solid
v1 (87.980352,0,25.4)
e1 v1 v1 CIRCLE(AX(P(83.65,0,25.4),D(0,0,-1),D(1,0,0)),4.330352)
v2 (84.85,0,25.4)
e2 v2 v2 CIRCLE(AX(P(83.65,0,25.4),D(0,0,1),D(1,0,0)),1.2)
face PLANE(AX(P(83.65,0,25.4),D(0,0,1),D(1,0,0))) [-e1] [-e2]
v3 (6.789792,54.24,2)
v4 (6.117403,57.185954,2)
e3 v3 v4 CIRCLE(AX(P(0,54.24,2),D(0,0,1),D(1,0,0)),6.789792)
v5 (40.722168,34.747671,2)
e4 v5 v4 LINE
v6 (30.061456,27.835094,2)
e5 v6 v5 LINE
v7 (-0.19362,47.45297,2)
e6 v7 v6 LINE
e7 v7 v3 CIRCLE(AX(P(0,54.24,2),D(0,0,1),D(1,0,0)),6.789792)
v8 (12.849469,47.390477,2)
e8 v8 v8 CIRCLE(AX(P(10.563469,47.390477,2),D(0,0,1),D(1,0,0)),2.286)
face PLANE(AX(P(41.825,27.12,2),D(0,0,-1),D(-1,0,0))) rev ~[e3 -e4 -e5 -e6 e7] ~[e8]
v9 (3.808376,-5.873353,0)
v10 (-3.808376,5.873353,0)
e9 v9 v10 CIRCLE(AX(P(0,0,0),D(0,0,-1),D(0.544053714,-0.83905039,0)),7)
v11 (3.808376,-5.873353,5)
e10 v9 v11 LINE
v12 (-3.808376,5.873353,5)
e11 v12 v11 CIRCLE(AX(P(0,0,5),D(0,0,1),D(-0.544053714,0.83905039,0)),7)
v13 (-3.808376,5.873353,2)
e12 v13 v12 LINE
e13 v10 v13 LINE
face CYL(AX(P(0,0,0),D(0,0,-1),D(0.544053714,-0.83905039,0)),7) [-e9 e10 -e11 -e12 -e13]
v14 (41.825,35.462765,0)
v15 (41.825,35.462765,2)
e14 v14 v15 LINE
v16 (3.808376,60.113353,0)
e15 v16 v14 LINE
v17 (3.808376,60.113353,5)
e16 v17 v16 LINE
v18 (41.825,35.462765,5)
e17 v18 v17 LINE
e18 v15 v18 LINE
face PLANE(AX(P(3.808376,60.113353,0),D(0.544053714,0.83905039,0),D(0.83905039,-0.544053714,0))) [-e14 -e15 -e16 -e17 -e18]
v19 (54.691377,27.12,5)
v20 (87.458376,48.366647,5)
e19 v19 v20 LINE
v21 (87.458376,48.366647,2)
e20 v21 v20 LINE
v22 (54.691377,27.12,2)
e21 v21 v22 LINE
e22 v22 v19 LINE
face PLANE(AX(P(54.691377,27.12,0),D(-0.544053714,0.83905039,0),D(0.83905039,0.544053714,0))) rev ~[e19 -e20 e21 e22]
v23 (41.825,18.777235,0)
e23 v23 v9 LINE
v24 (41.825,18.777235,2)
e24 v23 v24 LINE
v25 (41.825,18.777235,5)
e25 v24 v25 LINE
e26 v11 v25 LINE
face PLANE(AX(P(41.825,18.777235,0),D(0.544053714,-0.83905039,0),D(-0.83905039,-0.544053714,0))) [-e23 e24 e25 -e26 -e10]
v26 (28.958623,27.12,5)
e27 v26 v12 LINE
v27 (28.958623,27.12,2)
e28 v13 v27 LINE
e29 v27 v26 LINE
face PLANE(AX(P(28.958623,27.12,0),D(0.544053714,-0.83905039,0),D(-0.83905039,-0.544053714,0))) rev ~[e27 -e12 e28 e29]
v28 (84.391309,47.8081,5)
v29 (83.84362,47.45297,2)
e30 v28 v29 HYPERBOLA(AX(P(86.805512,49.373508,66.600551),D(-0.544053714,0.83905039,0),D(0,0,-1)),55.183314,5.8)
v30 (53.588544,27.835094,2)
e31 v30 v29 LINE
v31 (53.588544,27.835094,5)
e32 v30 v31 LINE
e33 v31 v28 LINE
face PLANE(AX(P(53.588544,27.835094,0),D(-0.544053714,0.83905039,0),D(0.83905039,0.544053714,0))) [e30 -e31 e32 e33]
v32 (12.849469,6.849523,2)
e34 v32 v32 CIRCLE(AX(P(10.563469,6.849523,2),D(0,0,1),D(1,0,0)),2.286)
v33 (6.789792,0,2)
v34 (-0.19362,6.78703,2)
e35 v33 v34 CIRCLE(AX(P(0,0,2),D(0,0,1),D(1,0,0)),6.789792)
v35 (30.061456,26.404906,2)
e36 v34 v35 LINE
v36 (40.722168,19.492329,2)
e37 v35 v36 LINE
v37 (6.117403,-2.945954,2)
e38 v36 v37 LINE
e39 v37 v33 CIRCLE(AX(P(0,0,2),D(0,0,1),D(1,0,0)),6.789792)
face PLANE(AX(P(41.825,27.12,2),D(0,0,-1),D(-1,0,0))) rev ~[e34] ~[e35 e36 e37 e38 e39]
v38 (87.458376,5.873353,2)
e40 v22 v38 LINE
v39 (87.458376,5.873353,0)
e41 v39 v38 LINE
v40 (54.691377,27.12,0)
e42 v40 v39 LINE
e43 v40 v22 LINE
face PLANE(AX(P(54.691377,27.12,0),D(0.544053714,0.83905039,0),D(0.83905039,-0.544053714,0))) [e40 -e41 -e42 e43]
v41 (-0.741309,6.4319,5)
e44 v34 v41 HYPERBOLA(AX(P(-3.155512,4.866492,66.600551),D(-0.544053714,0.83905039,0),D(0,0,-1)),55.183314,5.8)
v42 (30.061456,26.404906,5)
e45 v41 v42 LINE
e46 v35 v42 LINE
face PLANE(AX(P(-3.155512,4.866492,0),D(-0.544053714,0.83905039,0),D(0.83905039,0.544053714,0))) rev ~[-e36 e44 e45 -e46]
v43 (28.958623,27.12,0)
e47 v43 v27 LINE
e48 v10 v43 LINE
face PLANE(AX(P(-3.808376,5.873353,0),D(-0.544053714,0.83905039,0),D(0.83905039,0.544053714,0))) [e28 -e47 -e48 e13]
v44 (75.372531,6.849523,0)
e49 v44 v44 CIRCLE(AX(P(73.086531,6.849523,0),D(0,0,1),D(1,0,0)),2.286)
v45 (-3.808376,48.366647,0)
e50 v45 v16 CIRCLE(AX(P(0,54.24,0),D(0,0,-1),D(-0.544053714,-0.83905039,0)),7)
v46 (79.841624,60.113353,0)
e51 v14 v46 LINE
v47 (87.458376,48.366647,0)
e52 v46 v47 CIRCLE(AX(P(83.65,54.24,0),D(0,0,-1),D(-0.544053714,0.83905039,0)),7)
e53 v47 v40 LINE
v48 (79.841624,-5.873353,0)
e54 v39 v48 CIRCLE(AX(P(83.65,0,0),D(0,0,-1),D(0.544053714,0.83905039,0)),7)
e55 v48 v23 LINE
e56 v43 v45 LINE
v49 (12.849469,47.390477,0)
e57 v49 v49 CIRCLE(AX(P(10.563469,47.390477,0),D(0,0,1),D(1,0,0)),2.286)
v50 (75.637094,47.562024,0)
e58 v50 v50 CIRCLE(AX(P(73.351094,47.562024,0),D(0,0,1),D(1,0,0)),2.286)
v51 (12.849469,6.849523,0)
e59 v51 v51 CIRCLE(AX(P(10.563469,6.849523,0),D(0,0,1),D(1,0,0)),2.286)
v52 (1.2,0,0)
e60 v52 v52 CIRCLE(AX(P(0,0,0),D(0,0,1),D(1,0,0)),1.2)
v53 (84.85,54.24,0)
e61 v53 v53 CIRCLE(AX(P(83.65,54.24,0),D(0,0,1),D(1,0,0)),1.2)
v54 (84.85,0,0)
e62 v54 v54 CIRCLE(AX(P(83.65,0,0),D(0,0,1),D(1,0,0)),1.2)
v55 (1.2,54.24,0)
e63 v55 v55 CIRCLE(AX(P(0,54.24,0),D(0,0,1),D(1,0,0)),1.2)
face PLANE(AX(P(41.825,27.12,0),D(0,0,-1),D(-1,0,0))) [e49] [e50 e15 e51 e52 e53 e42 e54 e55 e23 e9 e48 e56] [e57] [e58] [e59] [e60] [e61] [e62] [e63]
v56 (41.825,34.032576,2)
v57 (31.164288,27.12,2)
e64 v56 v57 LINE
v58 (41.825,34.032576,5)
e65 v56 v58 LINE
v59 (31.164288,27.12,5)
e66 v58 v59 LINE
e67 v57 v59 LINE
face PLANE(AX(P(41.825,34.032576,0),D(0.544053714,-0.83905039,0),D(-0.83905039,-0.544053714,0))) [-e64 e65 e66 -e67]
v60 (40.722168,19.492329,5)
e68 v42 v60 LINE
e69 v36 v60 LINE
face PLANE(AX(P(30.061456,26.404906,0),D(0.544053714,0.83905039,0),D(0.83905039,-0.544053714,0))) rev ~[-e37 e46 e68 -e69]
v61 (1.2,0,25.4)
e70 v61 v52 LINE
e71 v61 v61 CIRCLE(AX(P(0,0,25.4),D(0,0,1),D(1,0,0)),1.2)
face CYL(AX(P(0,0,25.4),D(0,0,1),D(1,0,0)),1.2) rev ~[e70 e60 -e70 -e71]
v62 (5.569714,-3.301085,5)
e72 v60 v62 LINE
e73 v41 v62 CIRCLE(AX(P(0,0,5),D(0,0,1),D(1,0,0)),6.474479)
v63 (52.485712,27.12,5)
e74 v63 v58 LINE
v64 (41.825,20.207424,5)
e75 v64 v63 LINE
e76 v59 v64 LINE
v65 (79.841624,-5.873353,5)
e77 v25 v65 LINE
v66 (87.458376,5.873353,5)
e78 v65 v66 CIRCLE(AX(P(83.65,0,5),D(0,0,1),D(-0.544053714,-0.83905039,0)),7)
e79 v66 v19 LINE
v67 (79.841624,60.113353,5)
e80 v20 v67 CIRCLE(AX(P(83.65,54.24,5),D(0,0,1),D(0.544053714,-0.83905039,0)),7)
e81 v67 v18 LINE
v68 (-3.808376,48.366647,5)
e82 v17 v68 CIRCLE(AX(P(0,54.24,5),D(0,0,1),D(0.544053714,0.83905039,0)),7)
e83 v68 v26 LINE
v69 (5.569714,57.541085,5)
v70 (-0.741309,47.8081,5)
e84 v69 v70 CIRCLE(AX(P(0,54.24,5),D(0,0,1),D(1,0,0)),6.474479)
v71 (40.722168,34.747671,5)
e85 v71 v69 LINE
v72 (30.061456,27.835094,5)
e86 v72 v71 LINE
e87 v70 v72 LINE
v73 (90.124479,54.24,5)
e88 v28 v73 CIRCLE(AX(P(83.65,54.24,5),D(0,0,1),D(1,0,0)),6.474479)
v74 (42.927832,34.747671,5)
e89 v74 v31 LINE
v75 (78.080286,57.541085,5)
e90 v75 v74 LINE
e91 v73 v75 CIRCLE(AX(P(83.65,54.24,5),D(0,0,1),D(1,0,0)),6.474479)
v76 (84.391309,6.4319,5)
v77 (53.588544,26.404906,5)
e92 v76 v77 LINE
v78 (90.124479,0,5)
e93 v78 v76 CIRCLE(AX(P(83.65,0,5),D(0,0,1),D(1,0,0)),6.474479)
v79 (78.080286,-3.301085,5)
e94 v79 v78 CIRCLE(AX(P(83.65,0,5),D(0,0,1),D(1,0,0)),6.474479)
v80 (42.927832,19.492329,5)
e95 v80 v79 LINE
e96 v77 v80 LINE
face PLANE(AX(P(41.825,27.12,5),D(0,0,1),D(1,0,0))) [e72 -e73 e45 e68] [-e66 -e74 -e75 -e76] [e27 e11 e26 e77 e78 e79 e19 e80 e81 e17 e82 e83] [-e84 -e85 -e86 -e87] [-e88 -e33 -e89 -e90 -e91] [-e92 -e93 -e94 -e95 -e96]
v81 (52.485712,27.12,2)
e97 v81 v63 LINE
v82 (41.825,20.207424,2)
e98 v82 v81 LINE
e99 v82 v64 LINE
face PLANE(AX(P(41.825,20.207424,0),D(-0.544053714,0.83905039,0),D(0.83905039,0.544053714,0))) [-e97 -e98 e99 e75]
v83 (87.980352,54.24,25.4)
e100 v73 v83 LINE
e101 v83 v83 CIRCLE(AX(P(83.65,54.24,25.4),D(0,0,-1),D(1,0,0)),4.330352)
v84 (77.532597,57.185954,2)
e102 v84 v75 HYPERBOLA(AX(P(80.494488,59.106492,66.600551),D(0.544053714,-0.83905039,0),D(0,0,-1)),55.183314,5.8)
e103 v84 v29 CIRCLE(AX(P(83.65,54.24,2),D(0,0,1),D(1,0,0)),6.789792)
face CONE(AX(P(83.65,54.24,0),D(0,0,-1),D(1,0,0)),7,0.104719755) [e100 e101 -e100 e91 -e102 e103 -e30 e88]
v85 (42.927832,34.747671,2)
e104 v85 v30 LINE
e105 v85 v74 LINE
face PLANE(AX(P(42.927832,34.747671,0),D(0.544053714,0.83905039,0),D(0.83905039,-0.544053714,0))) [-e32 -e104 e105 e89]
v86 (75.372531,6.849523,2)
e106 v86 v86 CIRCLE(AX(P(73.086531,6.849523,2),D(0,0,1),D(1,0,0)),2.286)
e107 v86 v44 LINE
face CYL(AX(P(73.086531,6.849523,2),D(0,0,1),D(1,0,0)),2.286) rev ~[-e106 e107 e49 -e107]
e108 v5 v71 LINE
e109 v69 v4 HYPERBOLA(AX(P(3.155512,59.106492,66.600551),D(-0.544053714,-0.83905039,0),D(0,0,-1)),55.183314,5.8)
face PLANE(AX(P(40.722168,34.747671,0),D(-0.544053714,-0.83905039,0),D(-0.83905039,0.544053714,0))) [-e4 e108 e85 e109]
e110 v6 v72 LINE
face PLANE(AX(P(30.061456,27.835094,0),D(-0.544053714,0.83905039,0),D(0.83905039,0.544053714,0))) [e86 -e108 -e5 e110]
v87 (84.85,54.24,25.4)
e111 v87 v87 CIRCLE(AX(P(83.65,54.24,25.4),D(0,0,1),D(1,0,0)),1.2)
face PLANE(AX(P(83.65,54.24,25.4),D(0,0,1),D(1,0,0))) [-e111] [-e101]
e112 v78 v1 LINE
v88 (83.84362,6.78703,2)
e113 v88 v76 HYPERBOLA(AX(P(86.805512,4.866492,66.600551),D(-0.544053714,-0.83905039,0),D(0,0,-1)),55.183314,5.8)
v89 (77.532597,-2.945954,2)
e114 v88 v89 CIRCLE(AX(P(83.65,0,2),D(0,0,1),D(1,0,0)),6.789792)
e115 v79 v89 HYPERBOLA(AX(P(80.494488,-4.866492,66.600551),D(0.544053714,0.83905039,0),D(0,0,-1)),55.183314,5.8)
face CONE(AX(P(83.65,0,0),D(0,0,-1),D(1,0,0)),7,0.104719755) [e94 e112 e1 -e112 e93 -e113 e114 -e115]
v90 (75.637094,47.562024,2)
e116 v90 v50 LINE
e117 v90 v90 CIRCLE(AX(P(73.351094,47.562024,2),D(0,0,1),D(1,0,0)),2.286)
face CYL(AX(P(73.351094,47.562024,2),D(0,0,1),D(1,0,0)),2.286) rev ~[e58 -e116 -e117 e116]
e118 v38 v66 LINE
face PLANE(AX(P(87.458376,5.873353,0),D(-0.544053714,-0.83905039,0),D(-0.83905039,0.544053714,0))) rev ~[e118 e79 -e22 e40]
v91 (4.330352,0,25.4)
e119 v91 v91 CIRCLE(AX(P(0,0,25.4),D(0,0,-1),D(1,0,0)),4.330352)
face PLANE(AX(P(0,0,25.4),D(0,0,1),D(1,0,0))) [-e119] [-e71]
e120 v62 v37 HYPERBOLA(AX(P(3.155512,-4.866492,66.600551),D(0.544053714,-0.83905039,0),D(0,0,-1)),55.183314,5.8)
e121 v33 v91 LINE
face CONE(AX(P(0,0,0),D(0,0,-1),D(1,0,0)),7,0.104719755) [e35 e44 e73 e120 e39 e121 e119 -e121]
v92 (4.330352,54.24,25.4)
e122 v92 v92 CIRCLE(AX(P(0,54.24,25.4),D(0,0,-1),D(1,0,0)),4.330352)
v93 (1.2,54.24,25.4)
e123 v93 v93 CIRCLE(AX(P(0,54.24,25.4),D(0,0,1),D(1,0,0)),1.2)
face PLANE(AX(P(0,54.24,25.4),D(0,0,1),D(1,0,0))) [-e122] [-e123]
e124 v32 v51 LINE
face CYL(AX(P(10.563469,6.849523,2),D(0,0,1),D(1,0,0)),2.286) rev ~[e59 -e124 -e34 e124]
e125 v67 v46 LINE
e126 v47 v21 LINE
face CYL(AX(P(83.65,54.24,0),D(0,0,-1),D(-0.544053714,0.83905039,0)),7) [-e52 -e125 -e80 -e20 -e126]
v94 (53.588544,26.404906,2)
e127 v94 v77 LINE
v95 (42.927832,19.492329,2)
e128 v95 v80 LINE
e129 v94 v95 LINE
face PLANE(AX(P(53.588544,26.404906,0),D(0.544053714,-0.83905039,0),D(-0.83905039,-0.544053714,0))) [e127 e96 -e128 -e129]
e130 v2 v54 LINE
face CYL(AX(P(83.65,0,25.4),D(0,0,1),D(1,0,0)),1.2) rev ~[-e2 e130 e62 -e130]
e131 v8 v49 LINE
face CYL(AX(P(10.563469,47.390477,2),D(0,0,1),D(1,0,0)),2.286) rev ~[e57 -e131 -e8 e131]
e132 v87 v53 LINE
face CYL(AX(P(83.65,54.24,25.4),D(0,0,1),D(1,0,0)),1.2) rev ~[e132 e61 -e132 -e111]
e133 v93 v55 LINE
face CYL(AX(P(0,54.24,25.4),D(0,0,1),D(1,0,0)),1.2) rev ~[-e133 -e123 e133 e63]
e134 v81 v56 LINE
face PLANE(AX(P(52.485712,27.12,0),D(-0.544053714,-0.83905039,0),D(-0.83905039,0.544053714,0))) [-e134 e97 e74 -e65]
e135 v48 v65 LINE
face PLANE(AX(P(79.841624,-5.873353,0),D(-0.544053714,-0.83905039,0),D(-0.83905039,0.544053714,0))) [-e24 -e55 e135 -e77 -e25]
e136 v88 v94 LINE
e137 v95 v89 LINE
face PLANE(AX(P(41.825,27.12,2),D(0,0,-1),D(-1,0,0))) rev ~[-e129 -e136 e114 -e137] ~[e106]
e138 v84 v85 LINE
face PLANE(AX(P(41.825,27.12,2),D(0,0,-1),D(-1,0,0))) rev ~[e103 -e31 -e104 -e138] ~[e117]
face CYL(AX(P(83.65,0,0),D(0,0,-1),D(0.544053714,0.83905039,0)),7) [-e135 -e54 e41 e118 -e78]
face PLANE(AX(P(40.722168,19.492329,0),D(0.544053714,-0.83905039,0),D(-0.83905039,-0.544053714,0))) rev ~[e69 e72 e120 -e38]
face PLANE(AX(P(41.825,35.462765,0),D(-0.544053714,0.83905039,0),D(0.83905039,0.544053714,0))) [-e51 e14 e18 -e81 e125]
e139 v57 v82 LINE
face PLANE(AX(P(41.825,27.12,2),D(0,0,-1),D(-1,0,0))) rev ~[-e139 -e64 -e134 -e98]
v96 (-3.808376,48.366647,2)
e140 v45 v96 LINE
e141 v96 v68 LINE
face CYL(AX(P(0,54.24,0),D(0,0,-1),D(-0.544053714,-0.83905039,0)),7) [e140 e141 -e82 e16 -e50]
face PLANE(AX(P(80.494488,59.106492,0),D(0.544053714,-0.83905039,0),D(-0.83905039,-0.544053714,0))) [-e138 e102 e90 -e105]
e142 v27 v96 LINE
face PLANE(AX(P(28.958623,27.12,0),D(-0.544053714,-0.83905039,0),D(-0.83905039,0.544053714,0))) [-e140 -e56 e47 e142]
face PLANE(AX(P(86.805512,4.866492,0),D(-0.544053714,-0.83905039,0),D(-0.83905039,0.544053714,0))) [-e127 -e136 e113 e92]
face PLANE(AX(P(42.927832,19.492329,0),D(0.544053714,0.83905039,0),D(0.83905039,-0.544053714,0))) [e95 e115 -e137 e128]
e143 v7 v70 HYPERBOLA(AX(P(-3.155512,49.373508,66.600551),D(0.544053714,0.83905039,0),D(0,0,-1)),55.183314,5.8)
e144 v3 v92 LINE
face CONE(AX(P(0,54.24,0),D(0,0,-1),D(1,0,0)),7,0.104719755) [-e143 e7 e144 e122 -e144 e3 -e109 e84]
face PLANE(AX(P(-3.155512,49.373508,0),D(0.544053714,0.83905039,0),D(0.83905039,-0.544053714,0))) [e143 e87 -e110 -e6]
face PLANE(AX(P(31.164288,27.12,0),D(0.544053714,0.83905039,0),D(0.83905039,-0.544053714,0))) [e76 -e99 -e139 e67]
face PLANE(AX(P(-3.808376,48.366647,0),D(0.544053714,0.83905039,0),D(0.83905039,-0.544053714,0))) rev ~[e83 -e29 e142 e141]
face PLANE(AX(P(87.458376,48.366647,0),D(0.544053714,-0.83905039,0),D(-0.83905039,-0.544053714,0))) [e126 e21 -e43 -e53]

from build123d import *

# Parameters (mm, degrees)
BASE_DEPTH            = 2
SKETCH3_R             = 7
MOUNTING_BOSSES_DEPTH = 25.4
MOUNTING_BOSSES_TAPER = 6
RIBW_DEPTH            = 5
SKETCH6_R             = 2.286
MOUNTING_HOLES_DEPTH  = 3
SKETCH7_R             = 1.2
SCREW_HOLES_DEPTH     = 26.4


with BuildPart() as part:
    # Sketch2 → Base (new body)
    with BuildSketch(Plane.XY):
        with BuildLine():
            Line((3.808375995, 60.113352729), (87.458375995, 5.873352729))
            ThreePointArc((87.458375995, 5.873352729), (89.523352729, -3.808375995), (79.841624005, -5.873352729))
            Line((79.841624005, -5.873352729), (-3.808375995, 48.366647271))
            ThreePointArc((-3.808375995, 48.366647271), (-5.873352729, 58.048375995), (3.808375995, 60.113352729))
        make_face()
        with BuildLine():
            Line((87.458375995, 48.366647271), (3.808375995, -5.873352729))
            ThreePointArc((3.808375995, -5.873352729), (-5.873352729, -3.808375995), (-3.808375995, 5.873352729))
            Line((-3.808375995, 5.873352729), (79.841624005, 60.113352729))
            ThreePointArc((79.841624005, 60.113352729), (89.523352729, 58.048375995), (87.458375995, 48.366647271))
        make_face()
    extrude(amount=BASE_DEPTH)

    # Sketch3 → Mounting Bosses (add)
    with BuildSketch(Plane.XY):
        with Locations((0, 54.24)):
            Circle(SKETCH3_R)
        Circle(SKETCH3_R)
        with Locations((83.65, 0)):
            Circle(SKETCH3_R)
        with Locations((83.65, 54.24)):
            Circle(SKETCH3_R)
    extrude(amount=MOUNTING_BOSSES_DEPTH, taper=MOUNTING_BOSSES_TAPER)

    # Sketch5 → Ribw (add)
    with BuildSketch(Plane.XY):
        with BuildLine():
            Line((79.841624005, 60.113352729), (41.825, 35.462764731))
            Line((41.825, 35.462764731), (3.808375995, 60.113352729))
            ThreePointArc((3.808375995, 60.113352729), (-5.873352729, 58.048375995), (-3.808375995, 48.366647271))
            Line((-3.808375995, 48.366647271), (28.958623345, 27.12))
            Line((28.958623345, 27.12), (-3.808375995, 5.873352729))
            ThreePointArc((-3.808375995, 5.873352729), (-5.873352729, -3.808375995), (3.808375995, -5.873352729))
            Line((3.808375995, -5.873352729), (41.825, 18.777235269))
            Line((41.825, 18.777235269), (79.841624005, -5.873352729))
            ThreePointArc((79.841624005, -5.873352729), (89.523352729, -3.808375995), (87.458375995, 5.873352729))
            Line((87.458375995, 5.873352729), (54.691376655, 27.12))
            Line((54.691376655, 27.12), (87.458375995, 48.366647271))
            ThreePointArc((87.458375995, 48.366647271), (89.523352729, 58.048375995), (79.841624005, 60.113352729))
        make_face()
        with BuildLine():
            Line((80.494488461, 59.106492261), (42.927832285, 34.747670611))
            Line((42.927832285, 34.747670611), (53.58854437, 27.83509412))
            Line((53.58854437, 27.83509412), (86.805511539, 49.373507739))
            ThreePointArc((86.805511539, 49.373507739), (88.516492261, 57.395511539), (80.494488461, 59.106492261))
        make_face(mode=Mode.SUBTRACT)
        with BuildLine():
            Line((-3.155511539, 49.373507739), (30.06145563, 27.83509412))
            Line((30.06145563, 27.83509412), (40.722167715, 34.747670611))
            Line((40.722167715, 34.747670611), (3.155511539, 59.106492261))
            ThreePointArc((3.155511539, 59.106492261), (-4.866492261, 57.395511539), (-3.155511539, 49.373507739))
        make_face(mode=Mode.SUBTRACT)
        with BuildLine():
            Line((30.06145563, 26.40490588), (40.722167715, 19.492329389))
            Line((40.722167715, 19.492329389), (3.155511539, -4.866492261))
            ThreePointArc((3.155511539, -4.866492261), (-4.866492261, -3.155511539), (-3.155511539, 4.866492261))
            Line((-3.155511539, 4.866492261), (30.06145563, 26.40490588))
        make_face(mode=Mode.SUBTRACT)
        Polygon((31.164287915, 27.12), (41.825, 20.207423508), (52.485712085, 27.12), (41.825, 34.032576492), align=None, mode=Mode.SUBTRACT)
        with BuildLine():
            Line((42.927832285, 19.492329389), (80.494488461, -4.866492261))
            ThreePointArc((80.494488461, -4.866492261), (88.516492261, -3.155511539), (86.805511539, 4.866492261))
            Line((86.805511539, 4.866492261), (53.58854437, 26.40490588))
            Line((53.58854437, 26.40490588), (42.927832285, 19.492329389))
        make_face(mode=Mode.SUBTRACT)
    extrude(amount=RIBW_DEPTH)

    # Sketch6 → Mounting Holes (cut, through all)
    with BuildSketch(Plane.XY.offset(2)):
        with Locations((10.563469491, 6.849522835)):
            Circle(SKETCH6_R)
        with Locations((10.563469491, 47.390477165)):
            Circle(SKETCH6_R)
        with Locations((73.351093758, 47.562024213)):
            Circle(SKETCH6_R)
        with Locations((73.086530509, 6.849522835)):
            Circle(SKETCH6_R)
    extrude(amount=-MOUNTING_HOLES_DEPTH, mode=Mode.SUBTRACT)

    # Sketch7 → Screw Holes (cut, through all)
    with BuildSketch(Plane.XY.offset(25.4)):
        Circle(SKETCH7_R)
        with Locations((0, 54.24)):
            Circle(SKETCH7_R)
        with Locations((83.65, 54.24)):
            Circle(SKETCH7_R)
        with Locations((83.65, 0)):
            Circle(SKETCH7_R)
    extrude(amount=-SCREW_HOLES_DEPTH, mode=Mode.SUBTRACT)


solid = part.part
